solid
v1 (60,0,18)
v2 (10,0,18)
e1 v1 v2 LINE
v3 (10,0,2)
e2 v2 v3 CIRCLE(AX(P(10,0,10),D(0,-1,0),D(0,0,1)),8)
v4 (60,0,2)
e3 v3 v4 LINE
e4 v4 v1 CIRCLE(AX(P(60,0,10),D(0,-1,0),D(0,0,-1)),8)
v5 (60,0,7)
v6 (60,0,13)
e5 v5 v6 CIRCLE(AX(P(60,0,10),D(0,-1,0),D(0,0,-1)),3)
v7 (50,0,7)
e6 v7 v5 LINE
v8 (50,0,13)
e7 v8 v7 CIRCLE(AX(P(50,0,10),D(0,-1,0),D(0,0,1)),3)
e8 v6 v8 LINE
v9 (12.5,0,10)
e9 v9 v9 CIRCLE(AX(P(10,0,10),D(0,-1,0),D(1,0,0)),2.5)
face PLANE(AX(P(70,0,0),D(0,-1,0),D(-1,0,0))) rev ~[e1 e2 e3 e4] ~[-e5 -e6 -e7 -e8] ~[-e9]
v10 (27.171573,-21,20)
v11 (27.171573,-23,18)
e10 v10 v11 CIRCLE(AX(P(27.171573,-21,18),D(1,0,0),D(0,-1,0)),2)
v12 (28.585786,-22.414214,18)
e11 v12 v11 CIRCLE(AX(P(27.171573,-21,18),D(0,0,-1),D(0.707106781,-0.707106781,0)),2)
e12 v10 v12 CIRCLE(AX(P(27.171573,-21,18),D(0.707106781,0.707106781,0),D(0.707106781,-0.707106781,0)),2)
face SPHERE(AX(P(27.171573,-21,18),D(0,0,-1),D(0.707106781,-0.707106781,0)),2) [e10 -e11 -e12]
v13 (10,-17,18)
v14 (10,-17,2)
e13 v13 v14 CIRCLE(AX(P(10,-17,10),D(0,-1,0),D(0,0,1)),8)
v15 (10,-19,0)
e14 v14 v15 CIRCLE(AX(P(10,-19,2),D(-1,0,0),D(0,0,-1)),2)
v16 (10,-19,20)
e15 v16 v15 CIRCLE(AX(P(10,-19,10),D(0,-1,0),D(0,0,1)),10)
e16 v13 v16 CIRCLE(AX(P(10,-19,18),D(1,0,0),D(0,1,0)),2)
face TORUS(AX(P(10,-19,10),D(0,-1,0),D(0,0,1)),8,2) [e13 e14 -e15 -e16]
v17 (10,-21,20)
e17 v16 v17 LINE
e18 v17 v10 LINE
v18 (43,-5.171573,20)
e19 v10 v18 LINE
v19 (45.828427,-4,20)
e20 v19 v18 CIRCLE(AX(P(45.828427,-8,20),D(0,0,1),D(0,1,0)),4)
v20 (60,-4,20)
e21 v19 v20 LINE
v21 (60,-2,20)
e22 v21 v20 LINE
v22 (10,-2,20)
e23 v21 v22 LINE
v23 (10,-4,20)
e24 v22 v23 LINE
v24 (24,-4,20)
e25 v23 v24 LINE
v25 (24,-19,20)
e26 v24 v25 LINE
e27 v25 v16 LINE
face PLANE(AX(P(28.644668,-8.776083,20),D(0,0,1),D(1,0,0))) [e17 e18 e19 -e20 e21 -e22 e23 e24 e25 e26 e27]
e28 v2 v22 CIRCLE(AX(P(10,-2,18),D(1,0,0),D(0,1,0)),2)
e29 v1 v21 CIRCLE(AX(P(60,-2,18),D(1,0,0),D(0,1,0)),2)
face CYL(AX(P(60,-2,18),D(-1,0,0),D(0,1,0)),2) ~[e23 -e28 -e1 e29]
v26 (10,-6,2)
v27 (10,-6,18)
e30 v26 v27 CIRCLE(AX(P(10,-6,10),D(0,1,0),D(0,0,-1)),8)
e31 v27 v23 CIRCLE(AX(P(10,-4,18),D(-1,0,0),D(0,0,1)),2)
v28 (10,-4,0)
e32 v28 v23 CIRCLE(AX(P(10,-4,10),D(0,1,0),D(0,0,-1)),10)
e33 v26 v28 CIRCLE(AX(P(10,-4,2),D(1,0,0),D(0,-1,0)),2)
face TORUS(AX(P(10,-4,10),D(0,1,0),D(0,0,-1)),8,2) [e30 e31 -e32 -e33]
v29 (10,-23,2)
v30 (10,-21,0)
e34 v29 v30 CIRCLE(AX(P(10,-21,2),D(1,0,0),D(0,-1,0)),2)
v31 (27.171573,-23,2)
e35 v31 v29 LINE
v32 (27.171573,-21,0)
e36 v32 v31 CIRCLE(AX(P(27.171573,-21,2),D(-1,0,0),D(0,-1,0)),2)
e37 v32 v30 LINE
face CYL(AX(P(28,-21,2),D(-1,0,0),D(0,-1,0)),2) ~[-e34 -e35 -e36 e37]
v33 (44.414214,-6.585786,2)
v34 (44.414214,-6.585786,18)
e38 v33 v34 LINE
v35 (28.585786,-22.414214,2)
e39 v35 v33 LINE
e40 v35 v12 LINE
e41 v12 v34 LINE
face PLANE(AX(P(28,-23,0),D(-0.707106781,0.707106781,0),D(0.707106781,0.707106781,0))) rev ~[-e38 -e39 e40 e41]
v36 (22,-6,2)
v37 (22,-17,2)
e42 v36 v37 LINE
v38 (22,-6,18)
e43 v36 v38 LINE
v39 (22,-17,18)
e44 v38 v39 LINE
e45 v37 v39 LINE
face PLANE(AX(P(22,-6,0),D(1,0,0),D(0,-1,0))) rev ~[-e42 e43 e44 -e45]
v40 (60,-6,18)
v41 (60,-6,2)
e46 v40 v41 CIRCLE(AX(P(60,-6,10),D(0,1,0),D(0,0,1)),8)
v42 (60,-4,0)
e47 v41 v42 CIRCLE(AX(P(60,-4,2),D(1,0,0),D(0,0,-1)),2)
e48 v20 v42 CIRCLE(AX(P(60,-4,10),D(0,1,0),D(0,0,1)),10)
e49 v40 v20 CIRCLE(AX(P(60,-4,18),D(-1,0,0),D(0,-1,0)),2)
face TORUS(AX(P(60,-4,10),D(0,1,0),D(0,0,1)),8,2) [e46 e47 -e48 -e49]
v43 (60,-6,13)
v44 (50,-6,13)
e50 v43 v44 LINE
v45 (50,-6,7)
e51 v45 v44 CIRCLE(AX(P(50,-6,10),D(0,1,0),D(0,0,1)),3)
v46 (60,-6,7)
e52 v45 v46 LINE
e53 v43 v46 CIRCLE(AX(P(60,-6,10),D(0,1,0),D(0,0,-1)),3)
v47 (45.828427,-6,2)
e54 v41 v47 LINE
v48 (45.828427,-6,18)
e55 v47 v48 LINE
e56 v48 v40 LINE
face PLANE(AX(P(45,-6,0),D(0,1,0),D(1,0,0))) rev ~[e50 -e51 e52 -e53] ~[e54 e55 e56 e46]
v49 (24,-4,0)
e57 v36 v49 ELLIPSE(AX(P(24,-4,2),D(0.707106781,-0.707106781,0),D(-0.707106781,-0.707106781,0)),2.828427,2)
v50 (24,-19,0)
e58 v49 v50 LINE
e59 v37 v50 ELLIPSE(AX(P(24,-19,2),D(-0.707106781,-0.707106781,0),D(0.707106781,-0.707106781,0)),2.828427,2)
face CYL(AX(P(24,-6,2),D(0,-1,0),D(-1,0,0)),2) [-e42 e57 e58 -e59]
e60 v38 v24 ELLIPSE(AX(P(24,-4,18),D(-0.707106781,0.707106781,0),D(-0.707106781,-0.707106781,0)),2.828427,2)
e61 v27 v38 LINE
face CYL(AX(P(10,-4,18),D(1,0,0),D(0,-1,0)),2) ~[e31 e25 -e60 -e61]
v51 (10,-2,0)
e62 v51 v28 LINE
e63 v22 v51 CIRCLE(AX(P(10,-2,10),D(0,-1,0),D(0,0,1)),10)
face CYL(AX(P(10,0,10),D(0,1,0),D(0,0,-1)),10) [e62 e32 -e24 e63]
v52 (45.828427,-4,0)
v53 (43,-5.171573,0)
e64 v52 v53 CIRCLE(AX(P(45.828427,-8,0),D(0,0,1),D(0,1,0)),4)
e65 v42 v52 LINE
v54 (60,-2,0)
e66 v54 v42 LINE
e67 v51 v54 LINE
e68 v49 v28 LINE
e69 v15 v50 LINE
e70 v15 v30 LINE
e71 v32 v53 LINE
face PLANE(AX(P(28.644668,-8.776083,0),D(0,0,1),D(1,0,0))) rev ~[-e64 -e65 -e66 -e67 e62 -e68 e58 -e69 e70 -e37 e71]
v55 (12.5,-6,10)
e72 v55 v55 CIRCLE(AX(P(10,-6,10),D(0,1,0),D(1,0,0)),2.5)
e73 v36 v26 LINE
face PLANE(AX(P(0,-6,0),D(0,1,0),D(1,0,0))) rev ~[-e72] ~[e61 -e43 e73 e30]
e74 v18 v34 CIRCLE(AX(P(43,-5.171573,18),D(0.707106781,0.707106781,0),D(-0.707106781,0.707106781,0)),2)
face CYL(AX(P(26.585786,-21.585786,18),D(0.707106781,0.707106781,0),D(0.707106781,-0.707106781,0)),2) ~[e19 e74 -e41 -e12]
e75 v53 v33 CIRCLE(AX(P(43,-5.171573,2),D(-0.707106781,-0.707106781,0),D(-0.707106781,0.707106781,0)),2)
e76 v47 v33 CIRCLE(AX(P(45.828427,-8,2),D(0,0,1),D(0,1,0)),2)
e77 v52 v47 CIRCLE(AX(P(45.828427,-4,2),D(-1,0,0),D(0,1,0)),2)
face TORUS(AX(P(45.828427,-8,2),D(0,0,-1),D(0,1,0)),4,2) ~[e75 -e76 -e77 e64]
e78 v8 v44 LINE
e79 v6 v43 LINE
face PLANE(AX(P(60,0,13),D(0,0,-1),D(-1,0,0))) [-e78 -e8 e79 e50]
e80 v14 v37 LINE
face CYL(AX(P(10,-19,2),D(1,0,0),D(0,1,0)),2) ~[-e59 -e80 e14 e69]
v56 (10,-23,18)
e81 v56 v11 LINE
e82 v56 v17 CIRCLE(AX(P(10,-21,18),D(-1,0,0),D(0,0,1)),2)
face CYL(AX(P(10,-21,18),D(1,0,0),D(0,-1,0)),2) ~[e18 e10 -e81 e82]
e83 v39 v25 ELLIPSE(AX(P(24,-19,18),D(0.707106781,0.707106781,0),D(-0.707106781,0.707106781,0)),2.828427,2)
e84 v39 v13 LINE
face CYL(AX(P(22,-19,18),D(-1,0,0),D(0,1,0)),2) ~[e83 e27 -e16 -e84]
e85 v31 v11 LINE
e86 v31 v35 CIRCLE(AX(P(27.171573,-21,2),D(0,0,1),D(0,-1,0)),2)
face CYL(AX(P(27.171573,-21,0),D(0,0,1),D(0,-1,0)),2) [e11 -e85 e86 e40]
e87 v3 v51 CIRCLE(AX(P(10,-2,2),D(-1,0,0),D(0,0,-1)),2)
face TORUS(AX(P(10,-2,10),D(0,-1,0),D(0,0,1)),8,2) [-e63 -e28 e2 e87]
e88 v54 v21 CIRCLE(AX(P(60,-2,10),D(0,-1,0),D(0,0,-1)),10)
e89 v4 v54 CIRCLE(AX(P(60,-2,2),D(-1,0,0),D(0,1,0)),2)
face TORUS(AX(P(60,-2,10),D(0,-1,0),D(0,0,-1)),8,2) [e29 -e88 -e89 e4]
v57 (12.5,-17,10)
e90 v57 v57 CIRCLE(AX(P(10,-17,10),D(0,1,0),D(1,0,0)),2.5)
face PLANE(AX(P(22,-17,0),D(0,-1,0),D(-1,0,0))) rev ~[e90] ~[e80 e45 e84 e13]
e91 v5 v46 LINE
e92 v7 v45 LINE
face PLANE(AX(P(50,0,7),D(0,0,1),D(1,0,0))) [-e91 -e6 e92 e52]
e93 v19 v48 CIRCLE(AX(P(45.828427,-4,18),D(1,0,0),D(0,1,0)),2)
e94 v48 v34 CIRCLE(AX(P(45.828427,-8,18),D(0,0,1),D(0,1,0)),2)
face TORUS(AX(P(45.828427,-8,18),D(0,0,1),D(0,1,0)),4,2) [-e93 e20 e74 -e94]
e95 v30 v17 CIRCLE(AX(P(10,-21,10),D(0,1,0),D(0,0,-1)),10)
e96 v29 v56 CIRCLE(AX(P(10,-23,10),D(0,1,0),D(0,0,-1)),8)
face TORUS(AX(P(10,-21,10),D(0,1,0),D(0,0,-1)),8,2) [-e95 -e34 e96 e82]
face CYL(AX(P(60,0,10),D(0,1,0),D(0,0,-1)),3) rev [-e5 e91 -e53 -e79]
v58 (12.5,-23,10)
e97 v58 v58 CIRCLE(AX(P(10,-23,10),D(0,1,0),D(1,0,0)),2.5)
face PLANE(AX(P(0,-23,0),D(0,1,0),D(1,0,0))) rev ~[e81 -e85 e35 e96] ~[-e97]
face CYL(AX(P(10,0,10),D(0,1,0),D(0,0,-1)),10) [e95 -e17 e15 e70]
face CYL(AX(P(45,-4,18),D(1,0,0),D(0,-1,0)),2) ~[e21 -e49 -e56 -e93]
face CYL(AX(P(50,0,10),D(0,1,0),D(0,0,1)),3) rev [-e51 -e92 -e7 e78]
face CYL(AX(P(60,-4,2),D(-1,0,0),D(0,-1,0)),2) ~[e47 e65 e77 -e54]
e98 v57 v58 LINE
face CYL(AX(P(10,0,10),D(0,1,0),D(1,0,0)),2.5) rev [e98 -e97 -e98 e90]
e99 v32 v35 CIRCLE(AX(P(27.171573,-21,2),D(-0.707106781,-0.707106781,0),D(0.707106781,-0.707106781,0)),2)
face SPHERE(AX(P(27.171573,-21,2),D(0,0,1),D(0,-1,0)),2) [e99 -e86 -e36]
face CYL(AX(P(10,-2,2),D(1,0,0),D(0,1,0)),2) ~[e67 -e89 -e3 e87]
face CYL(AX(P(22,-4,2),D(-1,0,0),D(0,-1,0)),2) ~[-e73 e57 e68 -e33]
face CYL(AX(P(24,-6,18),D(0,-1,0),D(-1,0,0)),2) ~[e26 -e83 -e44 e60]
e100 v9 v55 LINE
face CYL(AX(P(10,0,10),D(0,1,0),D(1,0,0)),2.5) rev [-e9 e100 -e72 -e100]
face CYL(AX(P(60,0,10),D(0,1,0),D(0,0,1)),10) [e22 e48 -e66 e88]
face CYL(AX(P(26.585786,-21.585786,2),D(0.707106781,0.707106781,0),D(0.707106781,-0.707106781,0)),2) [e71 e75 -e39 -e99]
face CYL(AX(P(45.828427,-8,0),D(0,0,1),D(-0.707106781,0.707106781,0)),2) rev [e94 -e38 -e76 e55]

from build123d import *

# Parameters (mm, degrees)
F1_DEPTH = 20
F2_R     = 2.5
F3_DEPTH = 25
F4_R     = 2


with BuildPart() as f1:
    # F0 (on Top) → F1 (new body)
    with BuildSketch(Plane.XY):
        Polygon((70, 0), (0, 0), (0, -6), (22, -6), (22, -17), (0, -17), (0, -23), (28, -23), (45, -6), (70, -6), align=None)
    extrude(amount=F1_DEPTH)

    # F2 (on Front) → F3 (cut)
    with BuildSketch(Plane.XZ):
        with BuildLine():
            Line((72, 20), (60, 20))
            ThreePointArc((60, 20), (70, 10), (60, 0))
            Line((60, 0), (72, 0))
            Line((72, 0), (72, 20))
        make_face()
        with BuildLine():
            ThreePointArc((10, 0), (0, 10), (10, 20))
            Line((10, 20), (-2, 20))
            Line((-2, 20), (-2, 0))
            Line((-2, 0), (10, 0))
        make_face()
        with BuildLine():
            Line((50, 7), (60, 7))
            ThreePointArc((60, 7), (63, 10), (60, 13))
            Line((60, 13), (50, 13))
            ThreePointArc((50, 13), (47, 10), (50, 7))
        make_face()
        with Locations((10, 10)):
            Circle(F2_R)
    extrude(amount=F3_DEPTH, mode=Mode.SUBTRACT)

    # F4
    f4_edges = [f1.edges().sort_by_distance(p)[0] for p in [
        (60, -3, 20),
        (52.5, -6, 20),
        (36.5, -14.5, 20),
        (19, -23, 20),
        (10, -20, 20),
        (16, -17, 20),
        (22, -11.5, 20),
        (16, -6, 20),
        (10, -3, 20),
        (35, 0, 20),
        (36.5, -14.5, 0),
        (45, -6, 10),
        (28, -23, 10),
        (22, -11.5, 0),
    ]]
    fillet(f4_edges, radius=F4_R)


solid = f1.part
